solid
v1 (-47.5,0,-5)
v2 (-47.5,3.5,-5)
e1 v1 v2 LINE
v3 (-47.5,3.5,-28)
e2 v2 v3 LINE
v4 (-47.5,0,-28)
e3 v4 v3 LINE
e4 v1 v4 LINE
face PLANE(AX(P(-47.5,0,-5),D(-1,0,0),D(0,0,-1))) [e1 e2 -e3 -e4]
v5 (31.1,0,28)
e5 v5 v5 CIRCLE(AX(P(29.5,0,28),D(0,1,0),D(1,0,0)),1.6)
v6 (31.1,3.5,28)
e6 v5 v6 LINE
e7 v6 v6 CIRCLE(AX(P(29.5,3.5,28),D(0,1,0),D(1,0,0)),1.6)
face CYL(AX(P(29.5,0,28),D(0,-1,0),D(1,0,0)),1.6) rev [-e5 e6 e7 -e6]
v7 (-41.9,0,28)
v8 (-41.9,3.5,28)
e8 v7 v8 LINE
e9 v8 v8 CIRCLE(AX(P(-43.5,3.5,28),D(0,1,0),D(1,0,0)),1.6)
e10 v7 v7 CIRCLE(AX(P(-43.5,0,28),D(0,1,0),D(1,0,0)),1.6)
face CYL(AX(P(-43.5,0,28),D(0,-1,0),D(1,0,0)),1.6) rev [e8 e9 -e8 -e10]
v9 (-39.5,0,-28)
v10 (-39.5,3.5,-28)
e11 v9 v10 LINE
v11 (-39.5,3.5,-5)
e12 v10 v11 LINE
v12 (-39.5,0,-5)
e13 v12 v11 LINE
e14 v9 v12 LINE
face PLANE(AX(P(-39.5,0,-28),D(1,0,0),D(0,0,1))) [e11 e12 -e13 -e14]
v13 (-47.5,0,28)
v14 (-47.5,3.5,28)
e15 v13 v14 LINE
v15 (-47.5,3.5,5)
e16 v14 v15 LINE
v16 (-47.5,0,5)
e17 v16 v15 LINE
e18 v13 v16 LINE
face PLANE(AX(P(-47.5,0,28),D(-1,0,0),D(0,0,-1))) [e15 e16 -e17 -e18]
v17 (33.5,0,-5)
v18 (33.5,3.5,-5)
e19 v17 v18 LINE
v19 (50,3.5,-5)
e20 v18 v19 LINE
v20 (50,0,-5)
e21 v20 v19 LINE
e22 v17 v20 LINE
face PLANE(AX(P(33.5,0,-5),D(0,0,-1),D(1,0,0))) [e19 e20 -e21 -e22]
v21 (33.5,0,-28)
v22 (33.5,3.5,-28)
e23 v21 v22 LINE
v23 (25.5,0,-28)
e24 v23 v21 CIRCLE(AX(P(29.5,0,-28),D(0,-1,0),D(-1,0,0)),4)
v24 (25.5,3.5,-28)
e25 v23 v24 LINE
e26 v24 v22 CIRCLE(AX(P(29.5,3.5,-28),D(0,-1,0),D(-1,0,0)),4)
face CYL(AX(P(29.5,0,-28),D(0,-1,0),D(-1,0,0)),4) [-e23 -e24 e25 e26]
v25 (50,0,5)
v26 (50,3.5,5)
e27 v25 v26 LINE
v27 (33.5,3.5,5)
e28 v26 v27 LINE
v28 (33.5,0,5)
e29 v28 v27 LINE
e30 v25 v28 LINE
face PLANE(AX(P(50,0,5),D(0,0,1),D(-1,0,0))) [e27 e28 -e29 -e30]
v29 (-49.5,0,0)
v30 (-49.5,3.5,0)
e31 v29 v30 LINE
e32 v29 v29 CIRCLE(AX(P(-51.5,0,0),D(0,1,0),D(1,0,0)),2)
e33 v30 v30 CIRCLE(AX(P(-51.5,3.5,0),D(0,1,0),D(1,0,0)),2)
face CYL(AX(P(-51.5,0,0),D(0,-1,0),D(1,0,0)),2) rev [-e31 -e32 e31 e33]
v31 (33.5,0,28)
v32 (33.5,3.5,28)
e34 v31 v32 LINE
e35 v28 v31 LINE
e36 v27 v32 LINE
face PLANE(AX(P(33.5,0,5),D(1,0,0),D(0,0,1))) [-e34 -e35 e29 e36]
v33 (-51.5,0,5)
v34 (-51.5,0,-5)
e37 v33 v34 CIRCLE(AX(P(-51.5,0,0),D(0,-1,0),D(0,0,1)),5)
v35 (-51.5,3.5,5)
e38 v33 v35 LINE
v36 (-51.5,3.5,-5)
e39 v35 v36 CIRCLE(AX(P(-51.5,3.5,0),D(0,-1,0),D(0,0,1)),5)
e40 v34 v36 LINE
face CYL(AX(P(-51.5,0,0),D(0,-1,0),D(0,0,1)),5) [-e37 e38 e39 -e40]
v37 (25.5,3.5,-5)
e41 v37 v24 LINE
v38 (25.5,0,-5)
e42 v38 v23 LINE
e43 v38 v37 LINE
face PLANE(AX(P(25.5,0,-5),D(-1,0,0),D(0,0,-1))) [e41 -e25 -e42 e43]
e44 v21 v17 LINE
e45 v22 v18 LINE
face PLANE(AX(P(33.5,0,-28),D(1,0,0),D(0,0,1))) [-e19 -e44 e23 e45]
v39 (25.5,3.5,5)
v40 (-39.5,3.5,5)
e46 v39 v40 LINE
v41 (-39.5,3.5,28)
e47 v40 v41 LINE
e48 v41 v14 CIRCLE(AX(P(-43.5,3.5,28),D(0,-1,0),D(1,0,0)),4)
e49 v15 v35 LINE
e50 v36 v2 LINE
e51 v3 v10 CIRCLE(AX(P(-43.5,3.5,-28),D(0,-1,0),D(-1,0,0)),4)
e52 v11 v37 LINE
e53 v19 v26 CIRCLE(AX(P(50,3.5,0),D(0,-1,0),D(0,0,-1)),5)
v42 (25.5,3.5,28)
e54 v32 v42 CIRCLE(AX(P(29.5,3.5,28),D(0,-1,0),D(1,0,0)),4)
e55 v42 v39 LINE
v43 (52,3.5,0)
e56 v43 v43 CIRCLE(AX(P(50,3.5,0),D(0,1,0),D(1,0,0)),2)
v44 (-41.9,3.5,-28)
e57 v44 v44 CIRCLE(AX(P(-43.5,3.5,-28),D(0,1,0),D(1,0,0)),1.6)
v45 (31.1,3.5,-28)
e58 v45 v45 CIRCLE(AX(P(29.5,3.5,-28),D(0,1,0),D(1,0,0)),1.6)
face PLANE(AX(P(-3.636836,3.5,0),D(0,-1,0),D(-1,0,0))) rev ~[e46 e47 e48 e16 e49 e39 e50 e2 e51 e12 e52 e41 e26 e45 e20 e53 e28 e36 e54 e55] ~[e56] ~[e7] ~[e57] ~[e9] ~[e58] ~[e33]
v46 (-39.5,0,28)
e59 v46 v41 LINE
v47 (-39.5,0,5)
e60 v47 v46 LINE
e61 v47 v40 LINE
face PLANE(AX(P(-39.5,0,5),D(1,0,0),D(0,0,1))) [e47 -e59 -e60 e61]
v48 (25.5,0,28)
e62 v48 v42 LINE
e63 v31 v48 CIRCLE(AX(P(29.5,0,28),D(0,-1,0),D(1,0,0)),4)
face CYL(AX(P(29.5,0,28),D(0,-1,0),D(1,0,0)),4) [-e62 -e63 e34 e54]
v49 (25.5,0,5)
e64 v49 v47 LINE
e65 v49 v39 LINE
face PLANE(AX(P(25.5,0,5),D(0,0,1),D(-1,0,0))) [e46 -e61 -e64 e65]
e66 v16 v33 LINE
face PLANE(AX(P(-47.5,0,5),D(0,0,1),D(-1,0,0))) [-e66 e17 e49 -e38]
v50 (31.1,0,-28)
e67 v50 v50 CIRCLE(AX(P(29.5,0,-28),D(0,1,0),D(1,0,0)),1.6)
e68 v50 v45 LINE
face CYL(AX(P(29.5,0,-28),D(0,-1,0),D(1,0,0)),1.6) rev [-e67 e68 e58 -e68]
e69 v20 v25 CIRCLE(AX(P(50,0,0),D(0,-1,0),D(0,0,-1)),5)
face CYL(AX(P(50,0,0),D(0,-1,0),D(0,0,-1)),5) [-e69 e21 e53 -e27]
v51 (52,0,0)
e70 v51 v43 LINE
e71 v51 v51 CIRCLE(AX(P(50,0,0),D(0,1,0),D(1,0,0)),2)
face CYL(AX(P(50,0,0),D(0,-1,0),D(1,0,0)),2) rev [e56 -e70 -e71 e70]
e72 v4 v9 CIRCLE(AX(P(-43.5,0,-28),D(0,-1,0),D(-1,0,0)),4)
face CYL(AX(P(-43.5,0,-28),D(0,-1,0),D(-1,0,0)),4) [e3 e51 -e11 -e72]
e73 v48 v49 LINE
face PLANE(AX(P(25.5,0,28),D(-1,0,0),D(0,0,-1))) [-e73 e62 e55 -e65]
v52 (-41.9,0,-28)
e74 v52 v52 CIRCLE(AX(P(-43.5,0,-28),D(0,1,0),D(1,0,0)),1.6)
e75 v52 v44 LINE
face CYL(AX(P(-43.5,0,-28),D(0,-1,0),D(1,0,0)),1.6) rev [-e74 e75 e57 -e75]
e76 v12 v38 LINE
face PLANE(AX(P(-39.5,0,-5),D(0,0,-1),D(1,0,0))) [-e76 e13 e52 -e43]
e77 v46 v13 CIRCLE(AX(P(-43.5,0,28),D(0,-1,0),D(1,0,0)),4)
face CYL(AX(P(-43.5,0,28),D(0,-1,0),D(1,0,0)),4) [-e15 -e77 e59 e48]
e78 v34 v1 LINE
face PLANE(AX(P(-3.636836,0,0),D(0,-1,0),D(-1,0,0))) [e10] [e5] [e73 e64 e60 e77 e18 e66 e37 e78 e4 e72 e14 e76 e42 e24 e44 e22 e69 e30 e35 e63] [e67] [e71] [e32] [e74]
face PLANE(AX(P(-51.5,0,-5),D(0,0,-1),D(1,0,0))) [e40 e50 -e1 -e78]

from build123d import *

# Parameters (mm, degrees)
SKETCH1_R           = 2
SKETCH1_R_2         = 1.6
BOSS_EXTRUDE1_DEPTH = 3.5


with BuildPart() as part:
    # Sketch1 → Boss-Extrude1 (new body)
    with BuildSketch(Plane(origin=(0, 0, 0), x_dir=(1, 0, 0), z_dir=(0, 1, 0))):
        with BuildLine():
            Line((33.5, 28), (33.5, 5))
            Line((33.5, 5), (50, 5))
            ThreePointArc((50, 5), (55, 0), (50, -5))
            Line((50, -5), (33.5, -5))
            Line((33.5, -5), (33.5, -28))
            ThreePointArc((33.5, -28), (29.5, -32), (25.5, -28))
            Line((25.5, -28), (25.5, -5))
            Line((25.5, -5), (-39.5, -5))
            Line((-39.5, -5), (-39.5, -28))
            ThreePointArc((-39.5, -28), (-43.5, -32), (-47.5, -28))
            Line((-47.5, -28), (-47.5, -5))
            Line((-47.5, -5), (-51.5, -5))
            ThreePointArc((-51.5, -5), (-56.5, 0), (-51.5, 5))
            Line((-51.5, 5), (-47.5, 5))
            Line((-47.5, 5), (-47.5, 28))
            ThreePointArc((-47.5, 28), (-43.5, 32), (-39.5, 28))
            Line((-39.5, 28), (-39.5, 5))
            Line((-39.5, 5), (25.5, 5))
            Line((25.5, 5), (25.5, 28))
            ThreePointArc((25.5, 28), (29.5, 32), (33.5, 28))
        make_face()
        with Locations((50, 0)):
            Circle(SKETCH1_R, mode=Mode.SUBTRACT)
        with Locations((-51.5, 0)):
            Circle(SKETCH1_R, mode=Mode.SUBTRACT)
        with Locations((29.5, 28)):
            Circle(SKETCH1_R_2, mode=Mode.SUBTRACT)
        with Locations((-43.5, 28)):
            Circle(SKETCH1_R_2, mode=Mode.SUBTRACT)
        with Locations((-43.5, -28)):
            Circle(SKETCH1_R_2, mode=Mode.SUBTRACT)
        with Locations((29.5, -28)):
            Circle(SKETCH1_R_2, mode=Mode.SUBTRACT)
    extrude(amount=BOSS_EXTRUDE1_DEPTH)


solid = part.part
